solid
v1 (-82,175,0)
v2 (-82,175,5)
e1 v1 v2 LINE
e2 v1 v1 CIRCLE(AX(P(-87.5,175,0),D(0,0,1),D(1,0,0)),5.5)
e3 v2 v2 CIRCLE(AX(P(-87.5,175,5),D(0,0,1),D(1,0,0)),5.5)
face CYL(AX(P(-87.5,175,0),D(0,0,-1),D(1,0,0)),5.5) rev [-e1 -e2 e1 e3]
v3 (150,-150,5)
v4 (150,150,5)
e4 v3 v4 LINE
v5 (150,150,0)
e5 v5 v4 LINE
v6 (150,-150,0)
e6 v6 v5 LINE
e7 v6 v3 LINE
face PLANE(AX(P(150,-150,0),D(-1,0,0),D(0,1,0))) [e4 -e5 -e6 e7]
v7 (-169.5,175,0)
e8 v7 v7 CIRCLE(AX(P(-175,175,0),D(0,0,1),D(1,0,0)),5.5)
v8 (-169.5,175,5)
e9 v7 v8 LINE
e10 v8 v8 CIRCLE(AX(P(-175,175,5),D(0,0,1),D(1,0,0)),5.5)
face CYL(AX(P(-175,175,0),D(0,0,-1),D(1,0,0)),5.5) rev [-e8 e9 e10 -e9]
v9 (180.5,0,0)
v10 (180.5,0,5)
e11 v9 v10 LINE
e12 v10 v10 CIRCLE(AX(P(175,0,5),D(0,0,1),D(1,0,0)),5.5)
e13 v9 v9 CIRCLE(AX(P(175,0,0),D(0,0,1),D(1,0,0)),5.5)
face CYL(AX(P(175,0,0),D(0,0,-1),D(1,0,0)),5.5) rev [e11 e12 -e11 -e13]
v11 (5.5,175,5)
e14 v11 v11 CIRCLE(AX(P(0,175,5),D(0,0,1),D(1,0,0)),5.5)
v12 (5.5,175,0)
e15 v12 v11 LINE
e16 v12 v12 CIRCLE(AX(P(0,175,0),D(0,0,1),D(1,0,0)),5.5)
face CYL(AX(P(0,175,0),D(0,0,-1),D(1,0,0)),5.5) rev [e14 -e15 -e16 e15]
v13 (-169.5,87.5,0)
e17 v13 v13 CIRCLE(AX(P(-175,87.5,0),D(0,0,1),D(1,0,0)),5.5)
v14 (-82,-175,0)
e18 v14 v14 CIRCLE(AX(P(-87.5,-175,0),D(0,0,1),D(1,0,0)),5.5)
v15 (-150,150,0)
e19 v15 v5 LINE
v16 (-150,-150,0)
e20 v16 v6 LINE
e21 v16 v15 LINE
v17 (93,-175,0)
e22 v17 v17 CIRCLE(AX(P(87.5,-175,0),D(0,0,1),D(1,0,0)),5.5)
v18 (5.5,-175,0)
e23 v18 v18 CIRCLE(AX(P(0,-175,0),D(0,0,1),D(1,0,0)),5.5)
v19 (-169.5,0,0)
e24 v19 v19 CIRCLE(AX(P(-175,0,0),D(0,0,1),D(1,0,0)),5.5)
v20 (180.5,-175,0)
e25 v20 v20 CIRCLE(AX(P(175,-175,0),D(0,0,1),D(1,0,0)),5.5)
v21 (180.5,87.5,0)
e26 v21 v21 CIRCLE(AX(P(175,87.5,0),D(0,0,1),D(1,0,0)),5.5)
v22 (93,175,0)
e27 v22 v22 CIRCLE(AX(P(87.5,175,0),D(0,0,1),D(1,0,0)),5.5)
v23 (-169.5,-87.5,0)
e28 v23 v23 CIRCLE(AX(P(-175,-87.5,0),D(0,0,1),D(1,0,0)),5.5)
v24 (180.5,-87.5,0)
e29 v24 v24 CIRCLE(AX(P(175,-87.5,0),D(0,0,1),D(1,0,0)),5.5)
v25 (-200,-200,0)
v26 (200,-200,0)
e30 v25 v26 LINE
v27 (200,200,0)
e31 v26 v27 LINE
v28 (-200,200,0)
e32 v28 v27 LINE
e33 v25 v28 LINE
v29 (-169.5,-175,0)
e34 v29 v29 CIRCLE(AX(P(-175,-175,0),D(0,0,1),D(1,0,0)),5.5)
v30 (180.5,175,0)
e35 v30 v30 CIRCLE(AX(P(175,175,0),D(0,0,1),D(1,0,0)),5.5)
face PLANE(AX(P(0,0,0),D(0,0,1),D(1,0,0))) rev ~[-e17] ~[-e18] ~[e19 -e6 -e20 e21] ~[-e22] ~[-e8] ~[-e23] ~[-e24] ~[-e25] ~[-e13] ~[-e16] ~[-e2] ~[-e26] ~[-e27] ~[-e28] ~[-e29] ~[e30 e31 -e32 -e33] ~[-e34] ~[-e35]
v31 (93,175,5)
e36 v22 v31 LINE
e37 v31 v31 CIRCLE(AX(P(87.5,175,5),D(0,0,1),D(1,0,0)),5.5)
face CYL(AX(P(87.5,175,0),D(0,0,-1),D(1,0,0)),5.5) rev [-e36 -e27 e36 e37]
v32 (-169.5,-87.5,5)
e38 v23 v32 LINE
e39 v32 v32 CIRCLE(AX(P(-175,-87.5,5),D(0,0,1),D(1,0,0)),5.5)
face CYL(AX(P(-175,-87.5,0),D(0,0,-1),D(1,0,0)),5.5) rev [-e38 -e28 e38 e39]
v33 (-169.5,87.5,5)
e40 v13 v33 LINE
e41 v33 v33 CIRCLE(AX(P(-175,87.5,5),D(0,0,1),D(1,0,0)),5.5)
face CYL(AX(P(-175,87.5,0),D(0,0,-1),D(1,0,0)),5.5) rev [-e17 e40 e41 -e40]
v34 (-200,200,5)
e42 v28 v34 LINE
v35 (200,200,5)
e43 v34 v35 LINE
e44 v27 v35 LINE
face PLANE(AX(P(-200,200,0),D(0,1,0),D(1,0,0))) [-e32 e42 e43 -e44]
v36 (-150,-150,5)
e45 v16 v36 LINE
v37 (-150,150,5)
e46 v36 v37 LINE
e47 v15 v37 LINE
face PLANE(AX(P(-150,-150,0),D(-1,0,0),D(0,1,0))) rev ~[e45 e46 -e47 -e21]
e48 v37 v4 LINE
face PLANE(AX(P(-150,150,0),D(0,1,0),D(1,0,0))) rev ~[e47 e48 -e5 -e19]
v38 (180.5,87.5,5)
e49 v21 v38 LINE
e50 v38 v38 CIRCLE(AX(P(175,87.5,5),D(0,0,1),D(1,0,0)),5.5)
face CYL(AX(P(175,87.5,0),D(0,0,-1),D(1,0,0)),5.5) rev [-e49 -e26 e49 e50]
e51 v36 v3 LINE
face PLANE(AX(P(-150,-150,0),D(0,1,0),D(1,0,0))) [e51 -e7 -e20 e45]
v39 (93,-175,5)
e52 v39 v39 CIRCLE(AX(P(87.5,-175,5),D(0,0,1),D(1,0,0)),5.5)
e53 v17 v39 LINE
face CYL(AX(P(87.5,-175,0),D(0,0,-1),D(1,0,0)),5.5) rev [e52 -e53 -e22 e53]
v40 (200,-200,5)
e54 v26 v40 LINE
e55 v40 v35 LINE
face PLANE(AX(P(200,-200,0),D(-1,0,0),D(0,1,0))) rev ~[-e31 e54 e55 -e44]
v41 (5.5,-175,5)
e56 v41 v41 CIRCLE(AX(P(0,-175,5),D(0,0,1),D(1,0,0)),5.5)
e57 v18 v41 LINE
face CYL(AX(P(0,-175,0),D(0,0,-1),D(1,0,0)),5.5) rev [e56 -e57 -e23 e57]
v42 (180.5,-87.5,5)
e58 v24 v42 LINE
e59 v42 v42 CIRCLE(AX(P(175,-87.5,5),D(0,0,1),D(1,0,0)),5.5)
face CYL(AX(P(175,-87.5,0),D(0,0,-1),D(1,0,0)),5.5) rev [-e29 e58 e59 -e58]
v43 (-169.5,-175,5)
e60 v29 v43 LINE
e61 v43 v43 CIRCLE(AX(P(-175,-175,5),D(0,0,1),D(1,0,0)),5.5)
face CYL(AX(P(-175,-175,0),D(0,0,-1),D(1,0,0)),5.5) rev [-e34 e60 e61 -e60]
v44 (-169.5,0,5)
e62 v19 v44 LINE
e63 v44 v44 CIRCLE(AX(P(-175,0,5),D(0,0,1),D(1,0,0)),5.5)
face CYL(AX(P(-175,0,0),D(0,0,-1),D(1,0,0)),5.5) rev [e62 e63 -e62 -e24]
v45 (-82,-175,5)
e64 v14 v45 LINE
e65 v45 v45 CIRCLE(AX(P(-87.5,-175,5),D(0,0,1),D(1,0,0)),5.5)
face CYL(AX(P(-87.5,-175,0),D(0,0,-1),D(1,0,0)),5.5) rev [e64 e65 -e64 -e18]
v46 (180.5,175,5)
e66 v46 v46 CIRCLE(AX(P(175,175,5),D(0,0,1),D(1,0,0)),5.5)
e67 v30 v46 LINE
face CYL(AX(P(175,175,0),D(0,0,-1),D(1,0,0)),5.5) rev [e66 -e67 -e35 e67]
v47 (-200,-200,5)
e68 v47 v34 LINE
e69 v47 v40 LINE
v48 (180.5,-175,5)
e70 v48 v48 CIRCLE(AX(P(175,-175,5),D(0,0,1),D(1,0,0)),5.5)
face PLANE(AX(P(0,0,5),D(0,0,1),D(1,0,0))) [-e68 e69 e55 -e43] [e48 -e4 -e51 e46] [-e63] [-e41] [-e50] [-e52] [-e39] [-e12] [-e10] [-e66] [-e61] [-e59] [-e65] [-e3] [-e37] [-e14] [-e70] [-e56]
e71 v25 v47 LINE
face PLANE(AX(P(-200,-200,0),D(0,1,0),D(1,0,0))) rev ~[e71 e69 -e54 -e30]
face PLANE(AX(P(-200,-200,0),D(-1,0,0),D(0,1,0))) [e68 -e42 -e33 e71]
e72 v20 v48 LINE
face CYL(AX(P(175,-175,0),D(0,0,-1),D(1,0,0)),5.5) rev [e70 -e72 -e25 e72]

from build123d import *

# Parameters (mm, degrees)
F0_W     = 400
F0_H     = 400
F0_R     = 5.5
F0_W_2   = 300
F0_H_2   = 300
F1_DEPTH = 5


with BuildPart() as f1:
    # F0 (on Top) → F1 (new body)
    with BuildSketch(Plane.XY):
        Rectangle(F0_W, F0_H)
        with Locations((-175, -175)):
            Circle(F0_R, mode=Mode.SUBTRACT)
        with Locations((-87.5, -175)):
            Circle(F0_R, mode=Mode.SUBTRACT)
        with Locations((-175, -87.5)):
            Circle(F0_R, mode=Mode.SUBTRACT)
        with Locations((0, -175)):
            Circle(F0_R, mode=Mode.SUBTRACT)
        with Locations((87.5, -175)):
            Circle(F0_R, mode=Mode.SUBTRACT)
        with Locations((175, -175)):
            Circle(F0_R, mode=Mode.SUBTRACT)
        with Locations((175, -87.5)):
            Circle(F0_R, mode=Mode.SUBTRACT)
        with Locations((-175, 0)):
            Circle(F0_R, mode=Mode.SUBTRACT)
        with Locations((-175, 87.5)):
            Circle(F0_R, mode=Mode.SUBTRACT)
        with Locations((-175, 175)):
            Circle(F0_R, mode=Mode.SUBTRACT)
        with Locations((-87.5, 175)):
            Circle(F0_R, mode=Mode.SUBTRACT)
        Rectangle(F0_W_2, F0_H_2, mode=Mode.SUBTRACT)
        with Locations((175, 0)):
            Circle(F0_R, mode=Mode.SUBTRACT)
        with Locations((175, 87.5)):
            Circle(F0_R, mode=Mode.SUBTRACT)
        with Locations((0, 175)):
            Circle(F0_R, mode=Mode.SUBTRACT)
        with Locations((87.5, 175)):
            Circle(F0_R, mode=Mode.SUBTRACT)
        with Locations((175, 175)):
            Circle(F0_R, mode=Mode.SUBTRACT)
    extrude(amount=F1_DEPTH)


solid = f1.part
